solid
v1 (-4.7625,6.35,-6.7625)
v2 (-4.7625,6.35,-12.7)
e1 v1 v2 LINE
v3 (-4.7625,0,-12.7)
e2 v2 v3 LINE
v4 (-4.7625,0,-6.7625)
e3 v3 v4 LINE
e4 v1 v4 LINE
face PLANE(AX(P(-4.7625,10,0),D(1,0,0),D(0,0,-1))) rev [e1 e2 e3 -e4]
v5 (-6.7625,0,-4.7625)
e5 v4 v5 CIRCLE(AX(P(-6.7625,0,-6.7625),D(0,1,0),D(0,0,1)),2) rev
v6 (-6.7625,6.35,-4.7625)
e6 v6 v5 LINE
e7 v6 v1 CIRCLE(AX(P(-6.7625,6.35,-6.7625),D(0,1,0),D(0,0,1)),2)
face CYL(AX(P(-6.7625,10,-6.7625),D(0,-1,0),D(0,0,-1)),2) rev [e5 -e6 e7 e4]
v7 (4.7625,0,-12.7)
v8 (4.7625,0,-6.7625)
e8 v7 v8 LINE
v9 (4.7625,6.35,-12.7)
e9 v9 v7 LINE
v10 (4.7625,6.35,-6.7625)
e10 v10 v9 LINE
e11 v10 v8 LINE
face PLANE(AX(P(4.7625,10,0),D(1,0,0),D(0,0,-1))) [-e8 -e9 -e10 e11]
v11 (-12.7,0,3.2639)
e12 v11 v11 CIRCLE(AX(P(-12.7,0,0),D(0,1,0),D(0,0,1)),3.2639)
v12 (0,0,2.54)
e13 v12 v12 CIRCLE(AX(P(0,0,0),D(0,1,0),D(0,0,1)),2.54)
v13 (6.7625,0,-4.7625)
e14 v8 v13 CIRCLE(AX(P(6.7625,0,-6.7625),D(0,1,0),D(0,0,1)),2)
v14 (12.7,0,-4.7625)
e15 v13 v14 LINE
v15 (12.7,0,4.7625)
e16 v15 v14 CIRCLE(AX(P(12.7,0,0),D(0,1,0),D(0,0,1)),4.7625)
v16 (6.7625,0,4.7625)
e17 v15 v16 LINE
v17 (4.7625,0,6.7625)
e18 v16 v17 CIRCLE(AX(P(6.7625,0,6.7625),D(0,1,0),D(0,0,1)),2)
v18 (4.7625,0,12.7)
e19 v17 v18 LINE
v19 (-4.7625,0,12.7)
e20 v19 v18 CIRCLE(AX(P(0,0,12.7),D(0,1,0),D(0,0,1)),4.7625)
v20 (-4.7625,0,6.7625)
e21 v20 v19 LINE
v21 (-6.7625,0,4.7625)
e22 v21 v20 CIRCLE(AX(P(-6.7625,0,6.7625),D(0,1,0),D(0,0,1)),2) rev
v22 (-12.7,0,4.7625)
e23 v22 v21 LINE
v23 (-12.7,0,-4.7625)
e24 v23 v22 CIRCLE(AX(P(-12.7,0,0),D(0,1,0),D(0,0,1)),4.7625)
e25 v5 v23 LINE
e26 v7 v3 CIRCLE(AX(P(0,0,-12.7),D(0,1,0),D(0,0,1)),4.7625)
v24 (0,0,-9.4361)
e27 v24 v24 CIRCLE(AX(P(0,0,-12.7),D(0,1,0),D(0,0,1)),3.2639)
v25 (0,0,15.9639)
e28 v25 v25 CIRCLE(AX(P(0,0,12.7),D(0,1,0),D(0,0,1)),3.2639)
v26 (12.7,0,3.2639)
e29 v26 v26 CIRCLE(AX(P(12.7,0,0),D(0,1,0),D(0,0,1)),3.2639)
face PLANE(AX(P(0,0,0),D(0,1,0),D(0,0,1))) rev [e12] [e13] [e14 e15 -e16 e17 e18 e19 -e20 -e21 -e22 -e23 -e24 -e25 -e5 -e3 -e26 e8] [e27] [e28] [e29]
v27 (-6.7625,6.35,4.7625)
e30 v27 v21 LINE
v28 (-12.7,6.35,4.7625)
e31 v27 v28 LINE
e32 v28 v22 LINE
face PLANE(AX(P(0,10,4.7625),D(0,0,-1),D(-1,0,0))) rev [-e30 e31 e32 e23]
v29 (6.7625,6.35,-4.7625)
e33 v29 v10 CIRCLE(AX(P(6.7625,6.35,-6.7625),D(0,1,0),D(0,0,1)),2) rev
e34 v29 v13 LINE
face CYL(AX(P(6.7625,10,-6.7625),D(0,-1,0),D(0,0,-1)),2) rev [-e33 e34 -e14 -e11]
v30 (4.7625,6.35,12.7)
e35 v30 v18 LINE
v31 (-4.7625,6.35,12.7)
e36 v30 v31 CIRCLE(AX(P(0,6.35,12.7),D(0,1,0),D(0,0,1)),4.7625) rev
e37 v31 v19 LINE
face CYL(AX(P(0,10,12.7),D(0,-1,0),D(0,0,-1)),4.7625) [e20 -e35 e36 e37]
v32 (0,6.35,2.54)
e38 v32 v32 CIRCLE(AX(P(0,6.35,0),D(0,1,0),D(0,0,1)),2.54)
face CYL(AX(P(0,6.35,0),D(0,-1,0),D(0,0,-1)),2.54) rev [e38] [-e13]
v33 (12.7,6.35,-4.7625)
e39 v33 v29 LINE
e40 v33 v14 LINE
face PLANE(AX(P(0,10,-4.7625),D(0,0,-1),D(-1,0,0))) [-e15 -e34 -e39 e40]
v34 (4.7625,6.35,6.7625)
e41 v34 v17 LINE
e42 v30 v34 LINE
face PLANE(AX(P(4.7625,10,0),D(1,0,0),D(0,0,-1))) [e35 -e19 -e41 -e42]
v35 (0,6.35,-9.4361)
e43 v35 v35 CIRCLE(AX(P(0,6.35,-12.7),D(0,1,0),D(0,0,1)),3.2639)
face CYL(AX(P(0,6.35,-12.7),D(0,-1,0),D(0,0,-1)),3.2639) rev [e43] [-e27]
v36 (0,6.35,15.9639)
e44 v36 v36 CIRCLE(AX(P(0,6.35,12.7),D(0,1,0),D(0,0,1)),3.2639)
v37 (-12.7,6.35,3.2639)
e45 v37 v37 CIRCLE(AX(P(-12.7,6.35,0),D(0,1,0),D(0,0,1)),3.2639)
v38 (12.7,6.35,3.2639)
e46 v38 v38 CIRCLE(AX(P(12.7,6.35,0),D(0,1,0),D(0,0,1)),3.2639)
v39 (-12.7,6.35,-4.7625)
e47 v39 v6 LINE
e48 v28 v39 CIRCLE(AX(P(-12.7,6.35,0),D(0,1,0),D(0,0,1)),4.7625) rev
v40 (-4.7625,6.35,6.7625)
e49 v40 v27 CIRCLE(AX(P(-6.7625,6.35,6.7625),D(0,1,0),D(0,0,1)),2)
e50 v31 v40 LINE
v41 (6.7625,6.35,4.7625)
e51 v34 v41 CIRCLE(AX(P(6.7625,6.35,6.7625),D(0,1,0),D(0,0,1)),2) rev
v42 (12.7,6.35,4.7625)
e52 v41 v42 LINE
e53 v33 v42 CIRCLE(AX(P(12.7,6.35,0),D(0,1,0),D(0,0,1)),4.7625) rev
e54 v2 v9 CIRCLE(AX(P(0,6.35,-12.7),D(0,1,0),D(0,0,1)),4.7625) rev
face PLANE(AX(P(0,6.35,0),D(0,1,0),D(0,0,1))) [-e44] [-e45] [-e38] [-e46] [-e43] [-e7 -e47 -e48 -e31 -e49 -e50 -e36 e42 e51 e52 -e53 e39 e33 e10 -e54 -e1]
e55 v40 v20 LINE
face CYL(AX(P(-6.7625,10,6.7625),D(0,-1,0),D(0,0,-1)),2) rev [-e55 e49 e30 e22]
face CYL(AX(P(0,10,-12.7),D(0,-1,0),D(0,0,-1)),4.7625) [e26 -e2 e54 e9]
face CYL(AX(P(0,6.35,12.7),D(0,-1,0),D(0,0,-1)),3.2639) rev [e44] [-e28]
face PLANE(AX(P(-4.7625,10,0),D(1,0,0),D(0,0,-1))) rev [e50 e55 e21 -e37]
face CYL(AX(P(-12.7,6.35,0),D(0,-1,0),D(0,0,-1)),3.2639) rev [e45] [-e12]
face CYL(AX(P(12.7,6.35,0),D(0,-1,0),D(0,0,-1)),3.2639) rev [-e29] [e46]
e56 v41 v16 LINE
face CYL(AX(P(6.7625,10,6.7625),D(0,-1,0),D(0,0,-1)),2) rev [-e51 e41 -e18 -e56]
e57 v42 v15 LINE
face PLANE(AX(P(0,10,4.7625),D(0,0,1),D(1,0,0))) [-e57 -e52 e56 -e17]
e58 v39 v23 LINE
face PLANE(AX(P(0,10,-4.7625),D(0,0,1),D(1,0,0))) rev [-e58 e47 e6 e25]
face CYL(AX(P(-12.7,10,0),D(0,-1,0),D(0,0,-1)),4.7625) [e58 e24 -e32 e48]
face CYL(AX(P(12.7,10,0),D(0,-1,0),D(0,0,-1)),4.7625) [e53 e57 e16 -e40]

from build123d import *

# Parameters (mm, degrees)
SKETCH1_R           = 25.4
SKETCH1_R_2         = 2.54
SKETCH1_R_3         = 3.2639
BOSS_EXTRUDE1_DEPTH = 6.35
SKETCH2_R           = 25.4
CUT_EXTRUDE1_DEPTH  = 10


with BuildPart() as part:
    # Sketch1 → Boss-Extrude1 (new body)
    with BuildSketch(Plane(origin=(0, 0, 0), x_dir=(1, 0, 0), z_dir=(0, 1, 0))):
        with Locations(Location((0, 0, 0), (0, 0, 270))):
            Circle(SKETCH1_R)
        with Locations(Location((0, 0, 0), (0, 0, 270))):
            Circle(SKETCH1_R_2, mode=Mode.SUBTRACT)
        with Locations(Location((0, 12.7, 0), (0, 0, 270))):
            Circle(SKETCH1_R_3, mode=Mode.SUBTRACT)
        with Locations(Location((12.7, 0, 0), (0, 0, 270))):
            Circle(SKETCH1_R_3, mode=Mode.SUBTRACT)
        with Locations(Location((0, -12.7, 0), (0, 0, 270))):
            Circle(SKETCH1_R_3, mode=Mode.SUBTRACT)
        with Locations(Location((-12.7, 0, 0), (0, 0, 270))):
            Circle(SKETCH1_R_3, mode=Mode.SUBTRACT)
    extrude(amount=BOSS_EXTRUDE1_DEPTH)

    # Sketch2 → Cut-Extrude1 (cut)
    with BuildSketch(Plane(origin=(0, 0, 0), x_dir=(1, 0, 0), z_dir=(0, 1, 0))):
        Circle(SKETCH2_R)
        with BuildLine():
            ThreePointArc((-4.7625, 12.7), (0, 17.4625), (4.7625, 12.7))
            Line((4.7625, 12.7), (4.7625, 6.7625))
            ThreePointArc((4.7625, 6.7625), (5.348286438, 5.348286438), (6.7625, 4.7625))
            Line((6.7625, 4.7625), (12.7, 4.7625))
            ThreePointArc((12.7, 4.7625), (16.067596045, 3.367596045), (17.4625, 0))
            ThreePointArc((17.4625, 0), (16.067596045, -3.367596045), (12.7, -4.7625))
            Line((12.7, -4.7625), (6.7625, -4.7625))
            ThreePointArc((6.7625, -4.7625), (5.348286438, -5.348286438), (4.7625, -6.7625))
            Line((4.7625, -6.7625), (4.7625, -12.7))
            ThreePointArc((4.7625, -12.7), (0, -17.4625), (-4.7625, -12.7))
            Line((-4.7625, -12.7), (-4.7625, -6.7625))
            ThreePointArc((-4.7625, -6.7625), (-5.348286438, -5.348286438), (-6.7625, -4.7625))
            Line((-6.7625, -4.7625), (-12.7, -4.7625))
            ThreePointArc((-12.7, -4.7625), (-17.4625, 0), (-12.7, 4.7625))
            Line((-12.7, 4.7625), (-6.7625, 4.7625))
            ThreePointArc((-6.7625, 4.7625), (-5.348286438, 5.348286438), (-4.7625, 6.7625))
            Line((-4.7625, 6.7625), (-4.7625, 12.7))
        make_face(mode=Mode.SUBTRACT)
    extrude(amount=CUT_EXTRUDE1_DEPTH, mode=Mode.SUBTRACT)


solid = part.part
